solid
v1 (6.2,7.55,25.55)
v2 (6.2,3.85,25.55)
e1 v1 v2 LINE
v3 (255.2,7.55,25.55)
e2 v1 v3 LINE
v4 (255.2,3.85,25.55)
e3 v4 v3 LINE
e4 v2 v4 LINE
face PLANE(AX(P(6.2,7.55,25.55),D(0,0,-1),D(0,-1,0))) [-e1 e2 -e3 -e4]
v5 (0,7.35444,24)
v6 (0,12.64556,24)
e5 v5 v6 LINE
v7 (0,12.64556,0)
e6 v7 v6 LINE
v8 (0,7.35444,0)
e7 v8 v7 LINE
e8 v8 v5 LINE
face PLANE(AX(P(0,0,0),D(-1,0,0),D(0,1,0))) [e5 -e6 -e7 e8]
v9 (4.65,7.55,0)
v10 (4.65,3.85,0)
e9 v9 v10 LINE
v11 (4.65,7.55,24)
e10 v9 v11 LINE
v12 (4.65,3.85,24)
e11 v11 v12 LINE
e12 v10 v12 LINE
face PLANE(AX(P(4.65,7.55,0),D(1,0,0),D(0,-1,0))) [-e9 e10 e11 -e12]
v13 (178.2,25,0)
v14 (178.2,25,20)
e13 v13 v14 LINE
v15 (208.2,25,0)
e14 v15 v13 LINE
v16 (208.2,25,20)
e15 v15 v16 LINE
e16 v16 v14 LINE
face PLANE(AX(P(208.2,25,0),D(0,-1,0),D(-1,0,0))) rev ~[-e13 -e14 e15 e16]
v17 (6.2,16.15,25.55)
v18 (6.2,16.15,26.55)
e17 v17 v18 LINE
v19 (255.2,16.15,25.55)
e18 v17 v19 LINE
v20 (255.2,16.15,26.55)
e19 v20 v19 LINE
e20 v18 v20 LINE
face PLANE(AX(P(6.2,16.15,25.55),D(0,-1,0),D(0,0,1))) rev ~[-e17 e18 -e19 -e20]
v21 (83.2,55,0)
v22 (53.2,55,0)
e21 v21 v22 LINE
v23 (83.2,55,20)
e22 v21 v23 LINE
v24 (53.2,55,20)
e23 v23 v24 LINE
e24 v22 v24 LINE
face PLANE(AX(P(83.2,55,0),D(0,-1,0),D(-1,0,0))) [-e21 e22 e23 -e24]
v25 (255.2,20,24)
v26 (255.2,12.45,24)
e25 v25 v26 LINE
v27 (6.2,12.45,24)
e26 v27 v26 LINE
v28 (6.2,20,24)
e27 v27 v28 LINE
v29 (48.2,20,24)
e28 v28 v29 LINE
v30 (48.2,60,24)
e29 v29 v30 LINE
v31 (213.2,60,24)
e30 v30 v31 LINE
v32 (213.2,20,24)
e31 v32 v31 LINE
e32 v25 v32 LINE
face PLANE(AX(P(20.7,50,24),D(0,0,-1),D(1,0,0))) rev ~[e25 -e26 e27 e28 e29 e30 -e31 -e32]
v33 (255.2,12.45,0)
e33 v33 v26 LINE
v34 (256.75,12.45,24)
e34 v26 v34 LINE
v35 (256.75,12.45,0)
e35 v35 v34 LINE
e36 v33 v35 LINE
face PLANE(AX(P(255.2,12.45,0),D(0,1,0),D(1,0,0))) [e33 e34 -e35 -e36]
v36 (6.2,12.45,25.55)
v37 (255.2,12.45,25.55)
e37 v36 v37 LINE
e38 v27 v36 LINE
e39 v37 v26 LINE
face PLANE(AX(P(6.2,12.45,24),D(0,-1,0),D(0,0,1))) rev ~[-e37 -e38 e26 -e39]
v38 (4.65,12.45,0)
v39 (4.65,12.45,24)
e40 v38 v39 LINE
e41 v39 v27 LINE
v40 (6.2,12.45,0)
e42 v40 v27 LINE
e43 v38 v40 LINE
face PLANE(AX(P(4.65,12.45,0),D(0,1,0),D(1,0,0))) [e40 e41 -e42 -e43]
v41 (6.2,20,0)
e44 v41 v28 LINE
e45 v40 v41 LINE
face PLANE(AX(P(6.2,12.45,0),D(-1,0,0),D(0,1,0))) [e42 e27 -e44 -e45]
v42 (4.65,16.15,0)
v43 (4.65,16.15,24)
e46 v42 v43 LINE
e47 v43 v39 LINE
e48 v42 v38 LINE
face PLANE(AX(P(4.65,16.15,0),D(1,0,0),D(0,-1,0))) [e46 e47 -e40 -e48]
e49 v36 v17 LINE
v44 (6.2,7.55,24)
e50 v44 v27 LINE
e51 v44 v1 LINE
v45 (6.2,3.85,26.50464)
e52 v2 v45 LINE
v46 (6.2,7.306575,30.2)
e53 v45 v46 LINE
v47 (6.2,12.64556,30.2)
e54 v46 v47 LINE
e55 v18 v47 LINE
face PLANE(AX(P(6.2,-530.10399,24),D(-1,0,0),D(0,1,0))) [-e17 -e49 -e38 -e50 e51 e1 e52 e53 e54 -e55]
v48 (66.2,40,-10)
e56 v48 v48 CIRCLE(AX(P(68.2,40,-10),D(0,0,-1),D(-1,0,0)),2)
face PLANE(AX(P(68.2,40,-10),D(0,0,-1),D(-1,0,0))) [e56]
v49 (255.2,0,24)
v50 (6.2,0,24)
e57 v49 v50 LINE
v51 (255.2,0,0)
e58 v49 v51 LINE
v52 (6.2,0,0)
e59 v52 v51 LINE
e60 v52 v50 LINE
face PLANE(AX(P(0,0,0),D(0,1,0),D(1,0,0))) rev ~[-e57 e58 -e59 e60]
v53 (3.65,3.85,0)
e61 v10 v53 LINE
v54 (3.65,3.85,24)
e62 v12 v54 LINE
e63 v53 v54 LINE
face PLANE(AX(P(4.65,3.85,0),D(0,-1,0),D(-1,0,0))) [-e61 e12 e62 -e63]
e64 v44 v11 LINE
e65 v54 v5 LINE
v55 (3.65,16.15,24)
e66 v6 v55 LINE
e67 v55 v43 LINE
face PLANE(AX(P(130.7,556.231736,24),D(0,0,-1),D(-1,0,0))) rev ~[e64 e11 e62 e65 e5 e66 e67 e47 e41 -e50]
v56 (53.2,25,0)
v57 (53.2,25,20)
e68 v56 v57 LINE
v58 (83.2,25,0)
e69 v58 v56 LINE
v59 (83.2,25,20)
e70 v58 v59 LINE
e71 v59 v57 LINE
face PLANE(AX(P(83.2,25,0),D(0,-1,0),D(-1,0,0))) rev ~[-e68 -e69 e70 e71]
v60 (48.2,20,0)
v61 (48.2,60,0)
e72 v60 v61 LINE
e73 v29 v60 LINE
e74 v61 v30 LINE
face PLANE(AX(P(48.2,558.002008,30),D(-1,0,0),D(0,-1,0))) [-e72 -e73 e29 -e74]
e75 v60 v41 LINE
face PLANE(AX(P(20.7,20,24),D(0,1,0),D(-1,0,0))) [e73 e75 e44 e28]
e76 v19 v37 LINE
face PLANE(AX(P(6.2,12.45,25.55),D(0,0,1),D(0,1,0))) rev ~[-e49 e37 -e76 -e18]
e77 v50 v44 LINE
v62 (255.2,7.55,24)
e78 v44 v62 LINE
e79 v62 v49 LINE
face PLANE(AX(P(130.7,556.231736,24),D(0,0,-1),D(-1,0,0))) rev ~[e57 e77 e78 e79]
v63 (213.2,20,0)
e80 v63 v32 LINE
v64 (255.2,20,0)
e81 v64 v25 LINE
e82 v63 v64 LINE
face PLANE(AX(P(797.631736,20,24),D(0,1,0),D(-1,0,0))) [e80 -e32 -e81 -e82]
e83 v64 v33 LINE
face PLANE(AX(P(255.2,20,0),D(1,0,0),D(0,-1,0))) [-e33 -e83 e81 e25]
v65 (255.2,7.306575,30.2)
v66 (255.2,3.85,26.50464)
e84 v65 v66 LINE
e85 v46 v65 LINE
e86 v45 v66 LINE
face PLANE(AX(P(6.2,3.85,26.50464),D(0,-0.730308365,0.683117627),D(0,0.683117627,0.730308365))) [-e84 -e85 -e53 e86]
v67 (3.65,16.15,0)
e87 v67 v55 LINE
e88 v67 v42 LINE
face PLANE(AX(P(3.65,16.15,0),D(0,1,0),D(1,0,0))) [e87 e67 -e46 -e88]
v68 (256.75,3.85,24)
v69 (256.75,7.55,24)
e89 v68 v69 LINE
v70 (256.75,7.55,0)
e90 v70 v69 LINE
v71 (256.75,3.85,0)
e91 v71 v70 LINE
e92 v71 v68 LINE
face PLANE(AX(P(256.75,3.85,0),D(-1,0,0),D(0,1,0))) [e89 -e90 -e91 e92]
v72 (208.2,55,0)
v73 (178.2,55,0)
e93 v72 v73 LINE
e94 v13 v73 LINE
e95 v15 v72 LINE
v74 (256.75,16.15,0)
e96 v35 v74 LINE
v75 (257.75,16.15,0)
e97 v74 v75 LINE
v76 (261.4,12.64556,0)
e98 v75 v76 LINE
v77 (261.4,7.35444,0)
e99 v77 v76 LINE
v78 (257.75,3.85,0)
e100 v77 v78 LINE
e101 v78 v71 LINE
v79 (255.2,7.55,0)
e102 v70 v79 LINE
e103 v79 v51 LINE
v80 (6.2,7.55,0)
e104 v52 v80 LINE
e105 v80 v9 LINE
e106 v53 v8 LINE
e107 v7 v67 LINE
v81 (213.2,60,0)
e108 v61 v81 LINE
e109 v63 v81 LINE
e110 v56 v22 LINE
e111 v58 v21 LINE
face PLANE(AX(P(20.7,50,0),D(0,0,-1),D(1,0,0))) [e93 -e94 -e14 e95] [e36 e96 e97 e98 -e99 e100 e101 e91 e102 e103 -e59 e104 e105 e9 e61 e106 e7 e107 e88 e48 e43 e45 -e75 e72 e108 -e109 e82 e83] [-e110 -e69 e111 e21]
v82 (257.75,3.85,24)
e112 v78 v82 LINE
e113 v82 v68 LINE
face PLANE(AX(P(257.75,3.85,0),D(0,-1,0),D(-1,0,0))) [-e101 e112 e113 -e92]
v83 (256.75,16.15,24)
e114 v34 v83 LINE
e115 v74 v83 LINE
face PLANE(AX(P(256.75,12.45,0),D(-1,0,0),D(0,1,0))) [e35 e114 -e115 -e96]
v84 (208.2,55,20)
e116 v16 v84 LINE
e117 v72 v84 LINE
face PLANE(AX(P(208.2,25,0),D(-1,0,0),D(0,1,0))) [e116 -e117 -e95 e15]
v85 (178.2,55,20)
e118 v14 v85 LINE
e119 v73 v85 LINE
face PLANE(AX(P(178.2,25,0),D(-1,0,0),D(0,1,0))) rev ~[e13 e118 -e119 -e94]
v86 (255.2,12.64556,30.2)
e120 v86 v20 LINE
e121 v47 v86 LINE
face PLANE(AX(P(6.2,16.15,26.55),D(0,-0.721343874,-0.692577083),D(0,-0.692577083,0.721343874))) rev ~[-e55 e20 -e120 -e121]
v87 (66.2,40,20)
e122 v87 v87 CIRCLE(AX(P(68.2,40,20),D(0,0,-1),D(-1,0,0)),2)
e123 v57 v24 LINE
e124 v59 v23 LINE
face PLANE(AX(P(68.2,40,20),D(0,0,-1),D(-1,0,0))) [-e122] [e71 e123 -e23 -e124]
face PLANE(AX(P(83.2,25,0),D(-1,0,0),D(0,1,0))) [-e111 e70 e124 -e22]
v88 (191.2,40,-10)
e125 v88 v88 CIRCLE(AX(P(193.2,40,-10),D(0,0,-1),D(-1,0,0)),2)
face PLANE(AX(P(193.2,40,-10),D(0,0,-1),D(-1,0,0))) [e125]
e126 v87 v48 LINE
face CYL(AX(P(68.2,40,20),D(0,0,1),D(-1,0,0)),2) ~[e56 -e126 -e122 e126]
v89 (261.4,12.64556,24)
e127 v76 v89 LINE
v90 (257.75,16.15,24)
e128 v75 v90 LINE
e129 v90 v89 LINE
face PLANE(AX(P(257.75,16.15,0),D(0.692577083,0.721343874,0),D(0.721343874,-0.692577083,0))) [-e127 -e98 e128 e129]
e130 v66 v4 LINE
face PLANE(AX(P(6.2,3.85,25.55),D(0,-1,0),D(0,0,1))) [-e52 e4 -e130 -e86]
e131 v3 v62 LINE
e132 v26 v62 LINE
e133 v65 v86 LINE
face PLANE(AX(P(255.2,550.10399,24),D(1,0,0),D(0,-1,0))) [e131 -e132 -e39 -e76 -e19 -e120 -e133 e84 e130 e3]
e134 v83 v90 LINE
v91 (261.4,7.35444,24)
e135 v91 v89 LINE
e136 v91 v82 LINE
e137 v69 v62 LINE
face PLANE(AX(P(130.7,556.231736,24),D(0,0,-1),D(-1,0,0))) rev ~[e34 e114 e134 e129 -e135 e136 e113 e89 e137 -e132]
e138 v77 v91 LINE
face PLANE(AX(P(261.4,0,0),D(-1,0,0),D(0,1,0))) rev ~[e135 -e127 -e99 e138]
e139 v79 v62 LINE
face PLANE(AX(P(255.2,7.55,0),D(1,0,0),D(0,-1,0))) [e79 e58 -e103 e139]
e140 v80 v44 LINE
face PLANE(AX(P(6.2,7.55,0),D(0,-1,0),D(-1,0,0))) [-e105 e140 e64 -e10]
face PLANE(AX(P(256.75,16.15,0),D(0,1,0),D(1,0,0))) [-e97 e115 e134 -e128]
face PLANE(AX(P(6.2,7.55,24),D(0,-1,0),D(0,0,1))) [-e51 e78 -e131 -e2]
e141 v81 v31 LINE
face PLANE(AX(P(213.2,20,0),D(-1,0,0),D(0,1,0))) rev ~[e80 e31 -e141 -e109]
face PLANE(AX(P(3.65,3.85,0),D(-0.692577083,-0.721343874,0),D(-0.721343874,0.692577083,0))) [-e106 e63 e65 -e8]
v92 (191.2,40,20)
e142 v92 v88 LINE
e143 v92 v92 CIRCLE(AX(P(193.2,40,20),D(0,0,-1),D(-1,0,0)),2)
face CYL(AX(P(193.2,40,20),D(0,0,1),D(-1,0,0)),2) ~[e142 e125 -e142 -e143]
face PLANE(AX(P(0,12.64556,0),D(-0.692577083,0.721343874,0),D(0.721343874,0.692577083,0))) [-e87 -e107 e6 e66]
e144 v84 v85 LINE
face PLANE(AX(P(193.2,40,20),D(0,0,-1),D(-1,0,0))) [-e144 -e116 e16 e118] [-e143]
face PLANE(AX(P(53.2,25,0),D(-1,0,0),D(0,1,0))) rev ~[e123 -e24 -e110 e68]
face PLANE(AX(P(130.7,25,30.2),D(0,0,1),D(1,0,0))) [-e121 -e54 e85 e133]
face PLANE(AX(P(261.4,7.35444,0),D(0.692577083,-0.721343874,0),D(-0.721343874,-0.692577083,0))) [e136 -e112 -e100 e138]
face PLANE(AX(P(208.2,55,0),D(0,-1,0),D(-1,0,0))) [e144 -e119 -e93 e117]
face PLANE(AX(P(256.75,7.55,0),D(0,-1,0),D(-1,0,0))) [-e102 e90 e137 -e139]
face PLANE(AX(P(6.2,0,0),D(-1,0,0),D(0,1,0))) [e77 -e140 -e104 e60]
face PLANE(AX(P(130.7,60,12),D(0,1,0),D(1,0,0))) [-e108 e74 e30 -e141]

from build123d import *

# Parameters (mm, degrees)
ESQUISSE1_W                   = 261.4
ESQUISSE1_H                   = 50
BOSS_EXTRU_1_DEPTH            = 30.2
ENL_V_MAT_EXTRU_3_DEPTH       = 268.846971235
ENL_V_MAT_EXTRU_3_DEPTH_BACK  = 6.2
ENL_V_MAT_EXTRU_4_DEPTH       = 268.846971235
ENL_V_MAT_EXTRU_4_DEPTH_BACK  = 6.2
ENL_V_MAT_EXTRU_6_DEPTH       = 268.846971235
ENL_V_MAT_EXTRU_6_DEPTH_BACK  = 6.2
ENL_V_MAT_EXTRU_7_DEPTH       = 262.799694423
ENL_V_MAT_EXTRU_7_DEPTH_BACK  = 249
ENL_V_MAT_EXTRU_9_DEPTH       = 262.799694423
ENL_V_MAT_EXTRU_9_DEPTH_BACK  = 249
ENL_V_MAT_EXTRU_11_DEPTH      = 268.846971235
ENL_V_MAT_EXTRU_11_DEPTH_BACK = 24
ENL_V_MAT_EXTRU_12_DEPTH      = 268.846971235
ENL_V_MAT_EXTRU_12_DEPTH_BACK = 24
ENL_V_MAT_EXTRU_13_DEPTH      = 268.218936455
ENL_V_MAT_EXTRU_13_DEPTH_BACK = 24
ENL_V_MAT_EXTRU_14_DEPTH      = 268.218936455
ENL_V_MAT_EXTRU_14_DEPTH_BACK = 24
ENL_V_MAT_EXTRU_15_DEPTH      = 268.218936455
ENL_V_MAT_EXTRU_15_DEPTH_BACK = 24
ENL_V_MAT_EXTRU_16_DEPTH      = 268.218936455
ENL_V_MAT_EXTRU_16_DEPTH_BACK = 24
ESQUISSE22_W                  = 220
ESQUISSE22_H                  = 24
BOSS_EXTRU_2_DEPTH            = 10
ESQUISSE23_W                  = 15
ESQUISSE23_H                  = 40
ENL_V_MAT_EXTRU_18_DEPTH      = 24
ESQUISSE24_W                  = 12.5
ESQUISSE24_H                  = 40
ENL_V_MAT_EXTRU_24_DEPTH      = 30
ENL_V_MAT_EXTRU_25_DEPTH      = 270.89257122
ENL_V_MAT_EXTRU_25_DEPTH_BACK = 30
ESQUISSE33_W                  = 30
ESQUISSE33_H                  = 30
ENL_V_MAT_EXTRU_26_DEPTH      = 20
ESQUISSE34_R                  = 2
BOSS_EXTRU_6_DEPTH            = 30
ESQUISSE35_W                  = 30
ESQUISSE35_H                  = 30
ENL_V_MAT_EXTRU_27_DEPTH      = 20
ESQUISSE36_R                  = 2
BOSS_EXTRU_7_DEPTH            = 30


with BuildPart() as part:
    # Esquisse1 → Boss.-Extru.1 (new body)
    with BuildSketch(Plane.XY):
        with Locations((130.7, 25)):
            Rectangle(ESQUISSE1_W, ESQUISSE1_H)
    extrude(amount=BOSS_EXTRU_1_DEPTH)

    # Esquisse2 → Enlèv. mat.-Extru.3 (cut, two sides: drawn at the far end of the back side and taken through both)
    with BuildSketch(Plane.XY.offset(30.2).offset(-ENL_V_MAT_EXTRU_3_DEPTH_BACK)):
        Polygon((797.631736025, 20), (261.4, 20), (0, 20), (-536.231736025, 20), (-536.231736025, 1092.46347205), (797.631736025, 1092.46347205), align=None)
    extrude(amount=ENL_V_MAT_EXTRU_3_DEPTH + ENL_V_MAT_EXTRU_3_DEPTH_BACK, mode=Mode.SUBTRACT)

    # Esquisse5 → Enlèv. mat.-Extru.4 (cut, two sides: drawn at the far end of the back side and taken through both)
    with BuildSketch(Plane.XY.offset(30.2).offset(-ENL_V_MAT_EXTRU_4_DEPTH_BACK)):
        Polygon((6.2, -530.103989602), (6.2, 0), (6.2, 20), (6.2, 550.103989602), (-1054.007979204, 550.103989602), (-1054.007979204, -530.103989602), align=None)
    extrude(amount=ENL_V_MAT_EXTRU_4_DEPTH + ENL_V_MAT_EXTRU_4_DEPTH_BACK, mode=Mode.SUBTRACT)

    # Esquisse6 → Enlèv. mat.-Extru.6 (cut, two sides: drawn at the far end of the back side and taken through both)
    with BuildSketch(Plane.XY.offset(30.2).offset(-ENL_V_MAT_EXTRU_6_DEPTH_BACK)):
        Polygon((255.2, 550.103989602), (255.2, 20), (255.2, 0), (255.2, -530.103989602), (1315.407979204, -530.103989602), (1315.407979204, 550.103989602), align=None)
    extrude(amount=ENL_V_MAT_EXTRU_6_DEPTH + ENL_V_MAT_EXTRU_6_DEPTH_BACK, mode=Mode.SUBTRACT)

    # Esquisse8 → Enlèv. mat.-Extru.7 (cut, two sides: drawn at the far end of the back side and taken through both)
    with BuildSketch(Plane(origin=(255.2, 0, 0), x_dir=(0, 0, -1), z_dir=(1, 0, 0)).offset(-ENL_V_MAT_EXTRU_7_DEPTH_BACK)):
        Polygon((-24, -120.923396991), (-24, 0), (-24, 7.55), (-25.55, 7.55), (-25.55, 3.85), (-26.504639672, 3.85), (-30.2, 7.30657519), (-118.511368381, 89.911479128), (-339.199142385, -9.016667344), (-244.687774004, -219.851543463), align=None)
    extrude(amount=ENL_V_MAT_EXTRU_7_DEPTH + ENL_V_MAT_EXTRU_7_DEPTH_BACK, mode=Mode.SUBTRACT)

    # Esquisse9 → Enlèv. mat.-Extru.9 (cut, two sides: drawn at the far end of the back side and taken through both)
    with BuildSketch(Plane(origin=(255.2, 0, 0), x_dir=(0, 0, -1), z_dir=(1, 0, 0)).offset(-ENL_V_MAT_EXTRU_9_DEPTH_BACK)):
        Polygon((-24, 126.070686284), (-24, 20), (-24, 12.45), (-25.55, 12.45), (-25.55, 16.15), (-26.55, 16.15), (-30.2, 12.645559959), (-106.713439711, -60.816566558), (-300.704336754, 25.040837428), (-217.990897044, 211.92809027), align=None)
    extrude(amount=ENL_V_MAT_EXTRU_9_DEPTH + ENL_V_MAT_EXTRU_9_DEPTH_BACK, mode=Mode.SUBTRACT)

    # Esquisse10 → Enlèv. mat.-Extru.11 (cut, two sides: drawn at the far end of the back side and taken through both)
    with BuildSketch(Plane(origin=(0, 0, 0), x_dir=(-1, 0, 0), z_dir=(0, 0, -1)).offset(-ENL_V_MAT_EXTRU_11_DEPTH_BACK)):
        Polygon((536.231736025, 20), (0, 20), (-20.7, 20), (-20.7, 50), (-20.7, 586.231736025), (743.899228974, 1338.272903737), (1300.830964999, 772.041167712), align=None)
    extrude(amount=ENL_V_MAT_EXTRU_11_DEPTH + ENL_V_MAT_EXTRU_11_DEPTH_BACK, mode=Mode.SUBTRACT)

    # Esquisse11 → Enlèv. mat.-Extru.12 (cut, two sides: drawn at the far end of the back side and taken through both)
    with BuildSketch(Plane(origin=(0, 0, 0), x_dir=(-1, 0, 0), z_dir=(0, 0, -1)).offset(-ENL_V_MAT_EXTRU_12_DEPTH_BACK)):
        Polygon((-797.631736025, 20), (-261.4, 20), (-240.7, 20), (-240.7, 50), (-240.7, 586.231736025), (-1005.299228974, 1338.272903737), (-1562.230964999, 772.041167712), align=None)
    extrude(amount=ENL_V_MAT_EXTRU_12_DEPTH + ENL_V_MAT_EXTRU_12_DEPTH_BACK, mode=Mode.SUBTRACT)

    # Esquisse12 → Enlèv. mat.-Extru.13 (cut, two sides: drawn at the far end of the back side and taken through both)
    with BuildSketch(Plane.XY.offset(24).offset(-ENL_V_MAT_EXTRU_13_DEPTH_BACK)):
        Polygon((6.2, 0), (6.2, 7.55), (4.65, 7.55), (4.65, 3.85), (3.65, 3.85), (0, 7.354440041), (0, 0), align=None)
    extrude(amount=ENL_V_MAT_EXTRU_13_DEPTH + ENL_V_MAT_EXTRU_13_DEPTH_BACK, mode=Mode.SUBTRACT)

    # Esquisse13 → Enlèv. mat.-Extru.14 (cut, two sides: drawn at the far end of the back side and taken through both)
    with BuildSketch(Plane.XY.offset(24).offset(-ENL_V_MAT_EXTRU_14_DEPTH_BACK)):
        Polygon((-388.163092547, -360.037805495), (0, 12.645559959), (3.65, 16.15), (4.65, 16.15), (4.65, 12.45), (6.2, 12.45), (6.2, 20), (6.2, 558.111026928), (-982.664286619, 982.847806423), (-1377.027379166, 64.698974), align=None)
    extrude(amount=ENL_V_MAT_EXTRU_14_DEPTH + ENL_V_MAT_EXTRU_14_DEPTH_BACK, mode=Mode.SUBTRACT)

    # Esquisse16 → Enlèv. mat.-Extru.15 (cut, two sides: drawn at the far end of the back side and taken through both)
    with BuildSketch(Plane.XY.offset(24).offset(-ENL_V_MAT_EXTRU_15_DEPTH_BACK)):
        Polygon((255.2, 20), (255.2, 12.45), (256.75, 12.45), (256.75, 16.15), (257.75, 16.15), (261.4, 12.645559959), (261.4, 20), align=None)
    extrude(amount=ENL_V_MAT_EXTRU_15_DEPTH + ENL_V_MAT_EXTRU_15_DEPTH_BACK, mode=Mode.SUBTRACT)

    # Esquisse17 → Enlèv. mat.-Extru.16 (cut, two sides: drawn at the far end of the back side and taken through both)
    with BuildSketch(Plane.XY.offset(24).offset(-ENL_V_MAT_EXTRU_16_DEPTH_BACK)):
        Polygon((650.717680613, 381.146349234), (261.4, 7.354440041), (257.75, 3.85), (256.75, 3.85), (256.75, 7.55), (255.2, 7.55), (255.2, 0), (255.2, -539.711633945), (1247.009188557, -965.703564334), (1642.52686917, -44.845581155), align=None)
    extrude(amount=ENL_V_MAT_EXTRU_16_DEPTH + ENL_V_MAT_EXTRU_16_DEPTH_BACK, mode=Mode.SUBTRACT)

    # Esquisse22 → Boss.-Extru.2 (add)
    with BuildSketch(Plane(origin=(0, 50, 0), x_dir=(1, 0, 0), z_dir=(0, 1, 0))):
        with Locations((130.7, -12)):
            Rectangle(ESQUISSE22_W, ESQUISSE22_H)
    extrude(amount=BOSS_EXTRU_2_DEPTH)

    # Esquisse23 → Enlèv. mat.-Extru.18 (cut)
    with BuildSketch(Plane(origin=(0, 0, 0), x_dir=(-1, 0, 0), z_dir=(0, 0, -1))):
        with Locations((-233.2, 40)):
            Rectangle(ESQUISSE23_W, ESQUISSE23_H)
    extrude(amount=-ENL_V_MAT_EXTRU_18_DEPTH, mode=Mode.SUBTRACT)

    # Esquisse24 → Enlèv. mat.-Extru.24 (cut)
    with BuildSketch(Plane(origin=(0, 0, 0), x_dir=(-1, 0, 0), z_dir=(0, 0, -1))):
        with Locations((-219.45, 40)):
            Rectangle(ESQUISSE24_W, ESQUISSE24_H)
    extrude(amount=-ENL_V_MAT_EXTRU_24_DEPTH, mode=Mode.SUBTRACT)

    # Esquisse32 → Enlèv. mat.-Extru.25 (cut, two sides: drawn at the far end of the back side and taken through both)
    with BuildSketch(Plane(origin=(0, 0, 0), x_dir=(-1, 0, 0), z_dir=(0, 0, -1)).offset(-ENL_V_MAT_EXTRU_25_DEPTH_BACK)):
        Polygon((477.302008193, 20), (-20.7, 20), (-48.2, 20), (-48.2, 60), (-48.2, 558.002008193), (664.309819102, 1253.957292919), (1189.811827295, 715.955284726), align=None)
    extrude(amount=ENL_V_MAT_EXTRU_25_DEPTH + ENL_V_MAT_EXTRU_25_DEPTH_BACK, mode=Mode.SUBTRACT)

    # Esquisse33 → Enlèv. mat.-Extru.26 (cut)
    with BuildSketch(Plane(origin=(0, 0, 0), x_dir=(-1, 0, 0), z_dir=(0, 0, -1))):
        with Locations((-193.2, 40)):
            Rectangle(ESQUISSE33_W, ESQUISSE33_H)
    extrude(amount=-ENL_V_MAT_EXTRU_26_DEPTH, mode=Mode.SUBTRACT)

    # Esquisse34 → Boss.-Extru.6 (add)
    with BuildSketch(Plane(origin=(0, 0, 20), x_dir=(-1, 0, 0), z_dir=(0, 0, -1))):
        with Locations((-193.2, 40)):
            Circle(ESQUISSE34_R)
    extrude(amount=BOSS_EXTRU_6_DEPTH)

    # Esquisse35 → Enlèv. mat.-Extru.27 (cut)
    with BuildSketch(Plane(origin=(0, 0, 0), x_dir=(-1, 0, 0), z_dir=(0, 0, -1))):
        with Locations((-68.2, 40)):
            Rectangle(ESQUISSE35_W, ESQUISSE35_H)
    extrude(amount=-ENL_V_MAT_EXTRU_27_DEPTH, mode=Mode.SUBTRACT)

    # Esquisse36 → Boss.-Extru.7 (add)
    with BuildSketch(Plane(origin=(0, 0, 20), x_dir=(-1, 0, 0), z_dir=(0, 0, -1))):
        with Locations((-68.2, 40)):
            Circle(ESQUISSE36_R)
    extrude(amount=BOSS_EXTRU_7_DEPTH)


solid = part.part
